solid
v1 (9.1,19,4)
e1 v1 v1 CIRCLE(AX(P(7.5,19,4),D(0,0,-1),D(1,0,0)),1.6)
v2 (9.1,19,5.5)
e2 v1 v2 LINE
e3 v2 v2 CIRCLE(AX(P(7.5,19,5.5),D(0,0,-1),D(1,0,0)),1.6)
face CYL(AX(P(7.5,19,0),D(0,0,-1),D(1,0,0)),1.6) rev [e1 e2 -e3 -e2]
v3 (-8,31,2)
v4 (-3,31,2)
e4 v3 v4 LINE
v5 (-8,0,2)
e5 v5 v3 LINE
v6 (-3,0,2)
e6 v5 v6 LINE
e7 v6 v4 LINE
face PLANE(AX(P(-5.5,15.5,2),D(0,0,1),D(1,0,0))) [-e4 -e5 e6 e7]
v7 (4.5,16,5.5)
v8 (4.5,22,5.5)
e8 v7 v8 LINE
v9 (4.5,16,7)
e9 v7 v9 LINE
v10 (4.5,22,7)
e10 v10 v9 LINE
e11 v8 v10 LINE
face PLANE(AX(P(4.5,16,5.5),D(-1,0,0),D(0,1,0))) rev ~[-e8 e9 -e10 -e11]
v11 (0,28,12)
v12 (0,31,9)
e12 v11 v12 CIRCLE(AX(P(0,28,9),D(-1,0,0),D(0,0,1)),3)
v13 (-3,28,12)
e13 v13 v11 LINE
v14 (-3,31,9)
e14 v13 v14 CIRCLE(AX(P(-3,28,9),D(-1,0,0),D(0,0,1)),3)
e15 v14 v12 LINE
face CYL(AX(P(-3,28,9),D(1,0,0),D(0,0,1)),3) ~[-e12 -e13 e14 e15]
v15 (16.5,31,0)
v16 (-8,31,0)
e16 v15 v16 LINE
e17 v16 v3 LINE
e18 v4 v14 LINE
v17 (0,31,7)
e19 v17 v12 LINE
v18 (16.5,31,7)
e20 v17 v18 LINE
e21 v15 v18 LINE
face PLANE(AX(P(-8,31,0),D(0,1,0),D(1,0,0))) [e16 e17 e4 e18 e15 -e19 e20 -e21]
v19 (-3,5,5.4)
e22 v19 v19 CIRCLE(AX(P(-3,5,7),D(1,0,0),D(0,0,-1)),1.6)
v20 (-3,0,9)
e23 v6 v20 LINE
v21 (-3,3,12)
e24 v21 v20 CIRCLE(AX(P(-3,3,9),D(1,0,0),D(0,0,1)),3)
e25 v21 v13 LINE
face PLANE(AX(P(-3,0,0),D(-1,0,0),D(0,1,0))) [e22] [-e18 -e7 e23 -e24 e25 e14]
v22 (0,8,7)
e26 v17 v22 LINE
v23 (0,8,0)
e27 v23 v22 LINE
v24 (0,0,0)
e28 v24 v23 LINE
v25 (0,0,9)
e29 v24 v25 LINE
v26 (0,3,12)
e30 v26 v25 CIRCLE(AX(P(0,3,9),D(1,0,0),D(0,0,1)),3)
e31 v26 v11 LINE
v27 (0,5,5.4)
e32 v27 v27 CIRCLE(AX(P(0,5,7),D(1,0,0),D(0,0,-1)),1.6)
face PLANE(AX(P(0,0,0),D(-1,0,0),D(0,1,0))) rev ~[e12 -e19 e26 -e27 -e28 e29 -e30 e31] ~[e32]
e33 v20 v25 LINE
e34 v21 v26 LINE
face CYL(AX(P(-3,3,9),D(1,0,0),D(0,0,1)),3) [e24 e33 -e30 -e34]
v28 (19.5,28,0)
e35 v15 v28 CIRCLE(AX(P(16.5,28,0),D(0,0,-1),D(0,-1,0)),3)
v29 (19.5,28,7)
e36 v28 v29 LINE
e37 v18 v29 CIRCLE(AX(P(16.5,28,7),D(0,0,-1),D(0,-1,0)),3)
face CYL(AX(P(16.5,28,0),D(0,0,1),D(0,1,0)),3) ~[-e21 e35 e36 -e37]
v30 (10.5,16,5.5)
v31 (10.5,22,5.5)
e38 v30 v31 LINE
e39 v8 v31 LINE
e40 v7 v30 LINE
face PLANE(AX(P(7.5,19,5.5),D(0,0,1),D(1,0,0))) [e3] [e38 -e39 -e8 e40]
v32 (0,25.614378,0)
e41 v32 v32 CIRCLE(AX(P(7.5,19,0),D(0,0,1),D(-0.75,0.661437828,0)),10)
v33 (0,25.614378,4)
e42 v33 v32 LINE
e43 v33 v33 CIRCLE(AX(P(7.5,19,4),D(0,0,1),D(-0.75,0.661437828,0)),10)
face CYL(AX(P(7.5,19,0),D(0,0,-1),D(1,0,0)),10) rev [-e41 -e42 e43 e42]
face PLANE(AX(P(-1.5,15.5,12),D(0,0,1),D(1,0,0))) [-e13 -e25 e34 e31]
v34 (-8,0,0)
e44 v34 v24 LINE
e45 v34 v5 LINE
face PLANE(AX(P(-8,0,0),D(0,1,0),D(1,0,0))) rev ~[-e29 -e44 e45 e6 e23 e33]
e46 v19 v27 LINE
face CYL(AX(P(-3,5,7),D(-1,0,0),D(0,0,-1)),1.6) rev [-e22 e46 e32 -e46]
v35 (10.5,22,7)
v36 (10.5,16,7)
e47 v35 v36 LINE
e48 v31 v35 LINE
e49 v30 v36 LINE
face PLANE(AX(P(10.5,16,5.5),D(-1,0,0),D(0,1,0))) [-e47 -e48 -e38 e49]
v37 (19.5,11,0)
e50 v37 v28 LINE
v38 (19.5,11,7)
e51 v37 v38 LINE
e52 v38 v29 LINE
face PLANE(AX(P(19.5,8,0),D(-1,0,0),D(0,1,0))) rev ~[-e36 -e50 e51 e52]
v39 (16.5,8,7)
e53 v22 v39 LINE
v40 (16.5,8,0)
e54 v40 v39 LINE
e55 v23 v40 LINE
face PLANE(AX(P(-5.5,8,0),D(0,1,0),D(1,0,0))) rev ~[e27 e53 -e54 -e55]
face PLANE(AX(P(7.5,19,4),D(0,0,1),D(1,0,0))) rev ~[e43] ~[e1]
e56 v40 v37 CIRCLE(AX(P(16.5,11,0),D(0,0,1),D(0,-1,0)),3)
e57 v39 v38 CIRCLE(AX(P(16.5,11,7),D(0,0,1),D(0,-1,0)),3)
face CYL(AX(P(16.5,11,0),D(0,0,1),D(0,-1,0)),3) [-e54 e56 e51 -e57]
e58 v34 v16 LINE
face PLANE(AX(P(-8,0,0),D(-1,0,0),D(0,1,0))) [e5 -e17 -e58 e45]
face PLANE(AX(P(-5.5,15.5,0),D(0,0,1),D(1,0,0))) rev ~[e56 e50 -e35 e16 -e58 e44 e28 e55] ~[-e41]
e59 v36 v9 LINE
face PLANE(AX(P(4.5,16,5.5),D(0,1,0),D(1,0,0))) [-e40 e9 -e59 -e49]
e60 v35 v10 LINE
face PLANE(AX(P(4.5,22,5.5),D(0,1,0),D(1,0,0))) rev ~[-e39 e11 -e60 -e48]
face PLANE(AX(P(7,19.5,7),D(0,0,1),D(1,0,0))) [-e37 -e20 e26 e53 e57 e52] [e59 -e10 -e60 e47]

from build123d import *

# Parameters (mm, degrees)
CYLINDER004_R     = 10
CYLINDER004_DEPTH = 4
CYLINDER002_R     = 1.6
CYLINDER002_DEPTH = 3
BOX_W             = 5
BOX_H             = 31
BOX_DEPTH         = 2
BOX002_W          = 3
BOX002_H          = 31
BOX002_DEPTH      = 12
BOX005_W          = 3
BOX005_H          = 31
BOX005_DEPTH      = 5
CYLINDER003_R     = 1.6
CYLINDER003_DEPTH = 10
BOX004_W          = 6
BOX004_H          = 6
BOX004_DEPTH      = 2
CYLINDER_R        = 10
CYLINDER_DEPTH    = 4
BOX003_W          = 25
BOX003_H          = 23
BOX003_DEPTH      = 7
FILLET001_R       = 3
FILLET_R          = 3


with BuildPart() as cylinder004:
    # Cylinder004 → Cylinder004 (new body)
    with BuildSketch(Plane(origin=(7.5, 19, 0), x_dir=(1, 0, 0), z_dir=(0, 0, 1))):
        Circle(CYLINDER004_R)
    extrude(amount=CYLINDER004_DEPTH)


with BuildPart() as cylinder002:
    # Cylinder002 → Cylinder002 (new body)
    with BuildSketch(Plane(origin=(-3, 5, 7), x_dir=(0, 0, -1), z_dir=(1, 0, 0))):
        Circle(CYLINDER002_R)
    extrude(amount=CYLINDER002_DEPTH)


with BuildPart() as cube:
    # Box → Box (new body)
    with BuildSketch(Plane(origin=(-8, 0, 0), x_dir=(1, 0, 0), z_dir=(0, 0, 1))):
        with Locations((2.5, 15.5)):
            Rectangle(BOX_W, BOX_H)
    extrude(amount=BOX_DEPTH)


with BuildPart() as cut:
    # Box002 → Box002 (new body)
    with BuildSketch(Plane(origin=(-3, 0, 0), x_dir=(1, 0, 0), z_dir=(0, 0, 1))):
        with Locations((1.5, 15.5)):
            Rectangle(BOX002_W, BOX002_H)
    extrude(amount=BOX002_DEPTH)

    # Fusion: union Cube
    add(cube.part)

    # Cut: cut Cylinder002
    add(cylinder002.part, mode=Mode.SUBTRACT)


with BuildPart() as cube005:
    # Box005 → Box005 (new body)
    with BuildSketch(Plane(origin=(-6, 0, 2), x_dir=(1, 0, 0), z_dir=(0, 0, 1))):
        with Locations((1.5, 15.5)):
            Rectangle(BOX005_W, BOX005_H)
    extrude(amount=BOX005_DEPTH)


with BuildPart() as cylinder003:
    # Cylinder003 → Cylinder003 (new body)
    with BuildSketch(Plane(origin=(13, 19, 0), x_dir=(1, 0, 0), z_dir=(0, 0, 1))):
        Circle(CYLINDER003_R)
    extrude(amount=CYLINDER003_DEPTH)


with BuildPart() as cube004:
    # Box004 → Box004 (new body)
    with BuildSketch(Plane(origin=(10, 16, 5.5), x_dir=(1, 0, 0), z_dir=(0, 0, 1))):
        with Locations((3, 3)):
            Rectangle(BOX004_W, BOX004_H)
    extrude(amount=BOX004_DEPTH)


with BuildPart() as cylinder:
    # Cylinder → Cylinder (new body)
    with BuildSketch(Plane(origin=(13, 19, 0), x_dir=(1, 0, 0), z_dir=(0, 0, 1))):
        Circle(CYLINDER_R)
    extrude(amount=CYLINDER_DEPTH)


with BuildPart() as fillet_body:
    # Box003 → Box003 (new body)
    with BuildSketch(Plane(origin=(0, 8, 0), x_dir=(1, 0, 0), z_dir=(0, 0, 1))):
        with Locations((12.5, 11.5)):
            Rectangle(BOX003_W, BOX003_H)
    extrude(amount=BOX003_DEPTH)

    # Cut001: cut Cylinder
    add(cylinder.part, mode=Mode.SUBTRACT)

    # Cut002: cut Cube004
    add(cube004.part, mode=Mode.SUBTRACT)

    # Cut003: cut Cylinder003
    add(cylinder003.part, mode=Mode.SUBTRACT)


with BuildPart() as fillet_body_1:
    # Cut003 placement: moved
    add(fillet_body.part.moved(Location((-3, 0, 0))))

    # Fillet001
    fillet001_edges = [fillet_body_1.edges().sort_by_distance(p)[0] for p in [
        (22, 8, 3.5),
        (22, 31, 3.5),
    ]]
    fillet(fillet001_edges, radius=FILLET001_R)


with BuildPart() as fillet_body_2:
    # Fillet001 placement: moved
    add(fillet_body_1.part.moved(Location((-2.5, 0, 0))))

    # Cut004: cut Cube005
    add(cube005.part, mode=Mode.SUBTRACT)

    # Fusion001: union Cut
    add(cut.part)

    # Cut005: cut Cylinder004
    add(cylinder004.part, mode=Mode.SUBTRACT)

    # Fillet
    fillet_edges = [fillet_body_2.edges().sort_by_distance(p)[0] for p in [
        (-1.5, 31, 12),
        (-1.5, 0, 12),
    ]]
    fillet(fillet_edges, radius=FILLET_R)


solid = fillet_body_2.part
